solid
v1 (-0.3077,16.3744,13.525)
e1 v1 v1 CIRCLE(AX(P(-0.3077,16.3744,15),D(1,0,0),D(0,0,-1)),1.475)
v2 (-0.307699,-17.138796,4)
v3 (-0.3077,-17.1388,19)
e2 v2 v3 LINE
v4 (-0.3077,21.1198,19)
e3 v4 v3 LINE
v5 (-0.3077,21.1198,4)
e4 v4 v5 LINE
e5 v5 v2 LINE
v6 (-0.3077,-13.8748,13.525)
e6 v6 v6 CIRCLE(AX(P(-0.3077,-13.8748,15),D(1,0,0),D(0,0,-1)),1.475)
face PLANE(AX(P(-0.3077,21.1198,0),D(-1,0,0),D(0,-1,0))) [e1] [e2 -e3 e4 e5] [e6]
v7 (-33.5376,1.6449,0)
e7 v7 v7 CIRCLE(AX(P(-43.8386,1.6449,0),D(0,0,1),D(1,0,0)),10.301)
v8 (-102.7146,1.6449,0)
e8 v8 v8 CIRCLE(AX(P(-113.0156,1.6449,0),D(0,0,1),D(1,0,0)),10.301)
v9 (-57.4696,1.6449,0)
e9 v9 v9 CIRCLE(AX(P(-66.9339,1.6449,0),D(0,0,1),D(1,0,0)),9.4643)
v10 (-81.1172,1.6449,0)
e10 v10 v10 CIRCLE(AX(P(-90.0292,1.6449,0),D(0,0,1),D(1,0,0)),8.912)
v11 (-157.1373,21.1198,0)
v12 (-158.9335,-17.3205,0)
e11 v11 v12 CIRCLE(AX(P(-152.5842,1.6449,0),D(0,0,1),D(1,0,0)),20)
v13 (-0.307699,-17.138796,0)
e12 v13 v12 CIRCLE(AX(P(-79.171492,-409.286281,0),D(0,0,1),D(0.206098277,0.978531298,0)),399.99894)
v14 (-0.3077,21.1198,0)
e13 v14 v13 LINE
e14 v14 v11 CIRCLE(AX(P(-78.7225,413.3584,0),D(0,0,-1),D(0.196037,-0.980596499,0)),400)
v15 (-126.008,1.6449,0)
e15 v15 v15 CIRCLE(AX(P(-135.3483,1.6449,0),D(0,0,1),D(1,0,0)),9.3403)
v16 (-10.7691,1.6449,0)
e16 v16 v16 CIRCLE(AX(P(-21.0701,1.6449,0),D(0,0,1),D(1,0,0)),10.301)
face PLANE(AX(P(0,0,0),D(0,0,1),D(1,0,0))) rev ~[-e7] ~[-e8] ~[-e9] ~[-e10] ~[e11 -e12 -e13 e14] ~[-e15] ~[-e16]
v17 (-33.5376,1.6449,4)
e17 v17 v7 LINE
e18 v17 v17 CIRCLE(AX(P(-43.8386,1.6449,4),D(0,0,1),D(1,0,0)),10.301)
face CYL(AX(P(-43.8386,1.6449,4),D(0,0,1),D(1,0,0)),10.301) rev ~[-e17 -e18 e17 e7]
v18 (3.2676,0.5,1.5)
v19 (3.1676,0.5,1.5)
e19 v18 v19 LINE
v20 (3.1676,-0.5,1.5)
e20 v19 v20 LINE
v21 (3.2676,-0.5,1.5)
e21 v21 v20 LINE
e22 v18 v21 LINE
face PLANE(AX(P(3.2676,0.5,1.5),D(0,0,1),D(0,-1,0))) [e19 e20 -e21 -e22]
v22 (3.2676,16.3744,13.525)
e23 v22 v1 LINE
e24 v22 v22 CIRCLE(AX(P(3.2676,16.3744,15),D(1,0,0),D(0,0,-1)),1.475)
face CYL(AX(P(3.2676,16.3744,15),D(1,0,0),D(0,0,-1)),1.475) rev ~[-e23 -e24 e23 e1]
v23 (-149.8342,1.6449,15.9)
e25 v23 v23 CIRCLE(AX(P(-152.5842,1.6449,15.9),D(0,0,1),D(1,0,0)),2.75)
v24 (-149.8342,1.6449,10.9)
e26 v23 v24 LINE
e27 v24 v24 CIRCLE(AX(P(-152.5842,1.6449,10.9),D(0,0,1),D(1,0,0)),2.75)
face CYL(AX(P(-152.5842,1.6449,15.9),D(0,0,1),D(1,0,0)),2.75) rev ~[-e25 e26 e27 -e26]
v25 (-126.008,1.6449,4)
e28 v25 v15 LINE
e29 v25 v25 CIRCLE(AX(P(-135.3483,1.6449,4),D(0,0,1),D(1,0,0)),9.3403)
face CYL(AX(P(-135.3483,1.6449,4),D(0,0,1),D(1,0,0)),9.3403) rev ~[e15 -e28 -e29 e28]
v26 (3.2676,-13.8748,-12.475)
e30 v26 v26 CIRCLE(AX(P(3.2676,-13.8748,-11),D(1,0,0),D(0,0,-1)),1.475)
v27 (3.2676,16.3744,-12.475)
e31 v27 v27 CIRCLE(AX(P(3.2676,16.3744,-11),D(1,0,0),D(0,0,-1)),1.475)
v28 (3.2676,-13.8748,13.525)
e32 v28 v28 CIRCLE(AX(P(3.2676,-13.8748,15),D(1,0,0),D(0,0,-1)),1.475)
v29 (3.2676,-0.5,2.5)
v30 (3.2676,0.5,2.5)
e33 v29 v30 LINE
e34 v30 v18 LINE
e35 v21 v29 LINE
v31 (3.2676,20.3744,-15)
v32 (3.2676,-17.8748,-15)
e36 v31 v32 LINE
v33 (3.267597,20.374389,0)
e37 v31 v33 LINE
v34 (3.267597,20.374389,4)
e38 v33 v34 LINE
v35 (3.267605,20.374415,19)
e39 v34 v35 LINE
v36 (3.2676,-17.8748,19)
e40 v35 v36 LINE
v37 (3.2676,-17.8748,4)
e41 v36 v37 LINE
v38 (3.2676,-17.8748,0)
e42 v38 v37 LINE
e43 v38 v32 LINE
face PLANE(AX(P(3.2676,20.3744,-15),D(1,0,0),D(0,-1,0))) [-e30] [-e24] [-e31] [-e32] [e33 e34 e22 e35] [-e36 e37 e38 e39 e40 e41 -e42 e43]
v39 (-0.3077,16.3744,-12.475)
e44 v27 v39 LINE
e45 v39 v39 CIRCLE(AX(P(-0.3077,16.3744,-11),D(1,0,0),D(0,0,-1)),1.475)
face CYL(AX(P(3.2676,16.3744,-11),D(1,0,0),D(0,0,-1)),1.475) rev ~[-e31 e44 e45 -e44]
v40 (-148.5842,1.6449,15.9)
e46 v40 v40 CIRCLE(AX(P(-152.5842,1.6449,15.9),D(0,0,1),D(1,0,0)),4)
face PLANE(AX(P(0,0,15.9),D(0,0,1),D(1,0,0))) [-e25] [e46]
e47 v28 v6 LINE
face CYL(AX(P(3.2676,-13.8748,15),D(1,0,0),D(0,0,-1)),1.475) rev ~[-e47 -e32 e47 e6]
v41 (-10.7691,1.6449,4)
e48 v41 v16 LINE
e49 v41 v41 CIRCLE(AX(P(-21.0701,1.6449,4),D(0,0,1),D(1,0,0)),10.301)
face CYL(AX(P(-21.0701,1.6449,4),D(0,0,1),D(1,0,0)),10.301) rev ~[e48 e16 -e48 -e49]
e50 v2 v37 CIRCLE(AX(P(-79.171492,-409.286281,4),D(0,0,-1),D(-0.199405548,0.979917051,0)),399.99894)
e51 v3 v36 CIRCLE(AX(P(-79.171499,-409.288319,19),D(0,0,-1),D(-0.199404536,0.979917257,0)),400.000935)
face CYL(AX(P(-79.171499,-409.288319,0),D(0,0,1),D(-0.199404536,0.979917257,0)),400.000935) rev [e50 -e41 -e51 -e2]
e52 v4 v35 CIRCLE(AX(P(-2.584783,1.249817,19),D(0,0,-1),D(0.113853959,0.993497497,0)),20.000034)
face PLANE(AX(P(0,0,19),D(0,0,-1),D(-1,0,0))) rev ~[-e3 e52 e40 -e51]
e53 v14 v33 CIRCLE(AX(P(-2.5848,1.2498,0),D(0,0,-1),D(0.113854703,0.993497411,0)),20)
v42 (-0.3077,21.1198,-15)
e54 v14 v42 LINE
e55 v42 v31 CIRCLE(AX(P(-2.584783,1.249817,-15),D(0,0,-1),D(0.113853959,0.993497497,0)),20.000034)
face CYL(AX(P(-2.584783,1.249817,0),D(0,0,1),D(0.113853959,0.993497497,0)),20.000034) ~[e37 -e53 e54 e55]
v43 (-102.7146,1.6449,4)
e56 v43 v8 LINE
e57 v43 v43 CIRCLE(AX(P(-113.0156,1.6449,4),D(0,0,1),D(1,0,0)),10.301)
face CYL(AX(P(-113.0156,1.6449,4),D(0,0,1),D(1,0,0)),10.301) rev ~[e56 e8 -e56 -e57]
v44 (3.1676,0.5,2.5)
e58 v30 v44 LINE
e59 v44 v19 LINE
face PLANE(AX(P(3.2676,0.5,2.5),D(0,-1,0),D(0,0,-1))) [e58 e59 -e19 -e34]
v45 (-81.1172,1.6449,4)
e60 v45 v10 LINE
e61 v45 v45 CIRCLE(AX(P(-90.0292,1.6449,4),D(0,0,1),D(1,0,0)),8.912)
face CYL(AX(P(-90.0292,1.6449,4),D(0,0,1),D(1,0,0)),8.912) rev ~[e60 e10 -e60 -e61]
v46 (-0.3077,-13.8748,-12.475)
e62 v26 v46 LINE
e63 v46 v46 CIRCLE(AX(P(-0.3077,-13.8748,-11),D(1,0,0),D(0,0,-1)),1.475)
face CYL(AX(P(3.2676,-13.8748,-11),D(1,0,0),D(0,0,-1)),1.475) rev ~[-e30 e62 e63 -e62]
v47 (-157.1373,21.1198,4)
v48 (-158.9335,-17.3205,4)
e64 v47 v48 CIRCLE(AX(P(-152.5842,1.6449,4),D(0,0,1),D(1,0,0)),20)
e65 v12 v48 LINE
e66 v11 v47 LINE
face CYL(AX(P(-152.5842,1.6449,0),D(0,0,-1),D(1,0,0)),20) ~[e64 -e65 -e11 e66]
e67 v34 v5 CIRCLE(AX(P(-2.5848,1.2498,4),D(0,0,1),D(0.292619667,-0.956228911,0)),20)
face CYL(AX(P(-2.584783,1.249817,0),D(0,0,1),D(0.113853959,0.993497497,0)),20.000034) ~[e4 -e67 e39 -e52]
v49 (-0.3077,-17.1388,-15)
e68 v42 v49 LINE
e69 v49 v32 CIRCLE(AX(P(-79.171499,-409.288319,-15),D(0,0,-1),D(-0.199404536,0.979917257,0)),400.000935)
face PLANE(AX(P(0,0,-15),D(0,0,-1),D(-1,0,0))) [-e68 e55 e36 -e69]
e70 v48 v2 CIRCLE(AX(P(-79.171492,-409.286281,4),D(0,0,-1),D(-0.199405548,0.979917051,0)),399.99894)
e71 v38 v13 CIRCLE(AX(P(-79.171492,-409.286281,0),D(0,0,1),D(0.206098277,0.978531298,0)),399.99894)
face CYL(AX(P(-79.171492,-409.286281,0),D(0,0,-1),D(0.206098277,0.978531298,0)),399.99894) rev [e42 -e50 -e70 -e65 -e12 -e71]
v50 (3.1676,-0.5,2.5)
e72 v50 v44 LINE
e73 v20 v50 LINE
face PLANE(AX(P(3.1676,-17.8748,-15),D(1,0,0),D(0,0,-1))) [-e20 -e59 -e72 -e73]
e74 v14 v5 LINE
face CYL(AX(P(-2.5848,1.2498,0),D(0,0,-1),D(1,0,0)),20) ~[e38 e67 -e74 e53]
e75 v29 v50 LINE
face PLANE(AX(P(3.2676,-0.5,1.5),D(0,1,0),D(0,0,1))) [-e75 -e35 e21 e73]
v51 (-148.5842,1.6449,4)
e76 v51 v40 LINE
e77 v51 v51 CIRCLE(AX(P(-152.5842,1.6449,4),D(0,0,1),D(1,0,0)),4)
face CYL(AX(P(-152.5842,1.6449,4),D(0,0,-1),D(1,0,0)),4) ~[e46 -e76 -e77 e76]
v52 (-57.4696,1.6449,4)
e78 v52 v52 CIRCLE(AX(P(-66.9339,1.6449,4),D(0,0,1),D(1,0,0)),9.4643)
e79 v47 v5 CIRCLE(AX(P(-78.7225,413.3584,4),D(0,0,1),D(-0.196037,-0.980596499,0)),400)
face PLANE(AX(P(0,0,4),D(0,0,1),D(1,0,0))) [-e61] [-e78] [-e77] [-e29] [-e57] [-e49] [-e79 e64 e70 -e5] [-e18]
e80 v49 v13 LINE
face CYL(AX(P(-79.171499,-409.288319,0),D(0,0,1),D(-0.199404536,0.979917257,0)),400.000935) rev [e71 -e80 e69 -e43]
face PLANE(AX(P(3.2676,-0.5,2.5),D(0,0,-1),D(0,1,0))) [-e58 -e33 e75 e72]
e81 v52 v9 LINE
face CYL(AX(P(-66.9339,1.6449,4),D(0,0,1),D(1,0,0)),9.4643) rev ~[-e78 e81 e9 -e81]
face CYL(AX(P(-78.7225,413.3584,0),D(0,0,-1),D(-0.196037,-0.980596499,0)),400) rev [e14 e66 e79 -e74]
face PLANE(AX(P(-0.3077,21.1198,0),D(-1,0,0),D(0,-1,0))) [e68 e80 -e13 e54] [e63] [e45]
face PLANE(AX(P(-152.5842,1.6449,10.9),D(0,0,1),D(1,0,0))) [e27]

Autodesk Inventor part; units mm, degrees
ref_plane "YZ Plane" through (0, 0, 0) normal (1, 0, 0) x (0, 1, 0)
ref_plane "XZ Plane" through (0, 0, 0) normal (0, 1, 0) x (-1, 0, 0)
ref_plane "XY Plane" through (0, 0, 0) normal (0, 0, 1) x (1, 0, 0)
sketch "Sketch1" plane through (0, 0, 0) normal (0, 0, 1) x (1, 0, 0)
  circle A0 centre (-152.5842, 1.6449) radius 20
  circle A1 centre (-2.5848, 1.2498) radius 20
  arc A2 (-157.1373, 21.1198) -> (-0.3077, 21.1198) centre (-78.7225, 413.3584) ccw
  arc A3 (3.2676, -17.8748) -> (-158.9335, -17.3205) centre (-79.1716, -409.2873) ccw
  dimension "d5" = 40
  dimension "d6" = 40
  dimension "d7" = 150
  dimension "d8" = 400
  dimension "d9" = 400
extrude "Extrusion1" add sketch "Sketch1" along normal blind 4 contours A2 A0 A3 | A2 A1 A3 A0 | A2 A1 A3
sketch "Sketch2" plane through (0, 0, 4) normal (0, 0, 1) x (1, 0, 0)
  arc A0 (-157.1373, 21.1198) -> (-158.9335, -17.3205) centre (-152.5842, 1.6449) ccw projected
  circle A1 centre (-152.5842, 1.6449) radius 4
  point P0 (0, 0)
  dimension "d12" = 8
extrude "Extrusion2" add sketch "Sketch2" along normal blind 11.9
sketch "Sketch3" plane through (-152.5842, 1.6449, 15.9) normal (0, 0, 1) x (1, 0, 0)
  circle A0 centre (0, 0) radius 2.75
  point P0 (152.5842, -1.6449)
  dimension "d16" = 5.5
extrude "Extrusion3" cut sketch "Sketch3" against normal blind 5
sketch "Sketch4" plane through (0, 0, 0) normal (0, 0, -1) x (-1, 0, 0)
  arc A0 (0.3077, 21.1198) -> (-3.2676, -17.8748) centre (2.5848, 1.2498) ccw projected
  line L0 (0.3077, 21.1198) -> (0.3077, -17.1388)
  arc A1 (158.9335, -17.3205) -> (-3.2676, -17.8748) centre (79.1716, -409.2873) ccw projected
  point P0 (0, 0)
extrude "Extrusion4" add sketch "Sketch4" along normal blind 15 and the other way blind 19
sketch "Sketch5" plane through (0, 0, -15) normal (0, 0, -1) x (-1, 0, 0)
  arc A0 (0.3077, 21.1198) -> (-3.2676, -17.8748) centre (2.5848, 1.2498) ccw projected
  line L0 (-3.2676, 20.3744) -> (-3.2676, -17.8748)
  point P0 (0, 0)
extrude "Extrusion5" cut sketch "Sketch5" against normal blind 35
sketch "Sketch6" plane through (-152.5842, 1.6449, 15.9) normal (0, 0, 1) x (1, 0, 0)
  point P0 (152.5842, -1.6449)
sketch "Sketch7" plane through (-0.3077, -17.1388, 4) normal (-1, 0, 0) x (0, 0, 1)
  point P0 (-4, 17.1388)
sketch "Sketch8" plane through (-0.3077, -17.1388, 4) normal (-1, 0, 0) x (0, 0, 1)
  point P0 (-4, 17.1388)
sketch "Sketch9" plane through (3.2676, -17.8748, -15) normal (1, 0, 0) x (0, 0, -1)
  circle A0 centre (-4, 4) radius 1.475
  circle A1 centre (-4, 34.2492) radius 1.475
  circle A2 centre (-30, 4) radius 1.475
  circle A3 centre (-30, 34.2492) radius 1.475
  line L0 (0, 38.2492) -> (0, 0) projected
  line L1 (-34, 0) -> (-34, 38.2492) projected
  line L2 (0, 0) -> (-34, 0) projected
  line L3 (-34, 38.2492) -> (0, 38.2492) projected
  point P0 (-15, 17.8748)
  dimension "d27" = 2.95
  dimension "d28" = 2.95
  dimension "d29" = 2.95
  dimension "d30" = 2.95
  dimension "d31" = 4
  dimension "d32" = 4
  dimension "d33" = 4
  dimension "d34" = 4
  dimension "d35" = 4
  dimension "d36" = 4
  dimension "d37" = 4
  dimension "d38" = 4
extrude "Extrusion6" cut sketch "Sketch9" against normal blind 5 contours A0 | A1 | A2 | A3
sketch "Sketch10" plane through (0, 0, 4) normal (0, 0, 1) x (1, 0, 0)
  point P0 (0, 0)
sketch "Sketch11" plane through (0, 0, 4) normal (0, 0, 1) x (1, 0, 0)
  point P0 (0, 0)
sketch "Sketch12" plane through (0, 0, 4) normal (0, 0, 1) x (1, 0, 0)
  point P0 (0, 0)
sketch "Sketch13" plane through (0, 0, 4) normal (0, 0, 1) x (1, 0, 0)
  circle A0 centre (-113.0156, 1.6449) radius 10.301
  circle A1 centre (-90.0292, 1.6449) radius 8.912
  circle A2 centre (-66.9339, 1.6449) radius 9.4643
  circle A3 centre (-43.8386, 1.6449) radius 10.301
  circle A4 centre (-21.0701, 1.6449) radius 10.301
  circle A5 centre (-135.3483, 1.6449) radius 9.3403
  point P0 (0, 0)
extrude "Extrusion7" cut sketch "Sketch13" against normal blind 10
sketch "Sketch14" plane through (3.2676, -17.8748, -15) normal (1, 0, 0) x (0, 0, -1)
  line L0 (-17.5, 18.3748) -> (-16.5, 18.3748)
  line L1 (-16.5, 18.3748) -> (-16.5, 17.3748)
  line L2 (-16.5, 17.3748) -> (-17.5, 17.3748)
  line L3 (-17.5, 17.3748) -> (-17.5, 18.3748)
  line L4 (-17.5, 18.3748) -> (-16.5, 17.3748) construction
  line L5 (-16.5, 18.3748) -> (-17.5, 17.3748) construction
  point P0 (-15, 17.8748)
  point P1 (-17, 17.8748)
  dimension "d43" = 1
  dimension "d44" = 1
extrude "Extrusion8" cut sketch "Sketch14" against normal blind 0.1
properties part number "arm" material "Aluminum 6061"
